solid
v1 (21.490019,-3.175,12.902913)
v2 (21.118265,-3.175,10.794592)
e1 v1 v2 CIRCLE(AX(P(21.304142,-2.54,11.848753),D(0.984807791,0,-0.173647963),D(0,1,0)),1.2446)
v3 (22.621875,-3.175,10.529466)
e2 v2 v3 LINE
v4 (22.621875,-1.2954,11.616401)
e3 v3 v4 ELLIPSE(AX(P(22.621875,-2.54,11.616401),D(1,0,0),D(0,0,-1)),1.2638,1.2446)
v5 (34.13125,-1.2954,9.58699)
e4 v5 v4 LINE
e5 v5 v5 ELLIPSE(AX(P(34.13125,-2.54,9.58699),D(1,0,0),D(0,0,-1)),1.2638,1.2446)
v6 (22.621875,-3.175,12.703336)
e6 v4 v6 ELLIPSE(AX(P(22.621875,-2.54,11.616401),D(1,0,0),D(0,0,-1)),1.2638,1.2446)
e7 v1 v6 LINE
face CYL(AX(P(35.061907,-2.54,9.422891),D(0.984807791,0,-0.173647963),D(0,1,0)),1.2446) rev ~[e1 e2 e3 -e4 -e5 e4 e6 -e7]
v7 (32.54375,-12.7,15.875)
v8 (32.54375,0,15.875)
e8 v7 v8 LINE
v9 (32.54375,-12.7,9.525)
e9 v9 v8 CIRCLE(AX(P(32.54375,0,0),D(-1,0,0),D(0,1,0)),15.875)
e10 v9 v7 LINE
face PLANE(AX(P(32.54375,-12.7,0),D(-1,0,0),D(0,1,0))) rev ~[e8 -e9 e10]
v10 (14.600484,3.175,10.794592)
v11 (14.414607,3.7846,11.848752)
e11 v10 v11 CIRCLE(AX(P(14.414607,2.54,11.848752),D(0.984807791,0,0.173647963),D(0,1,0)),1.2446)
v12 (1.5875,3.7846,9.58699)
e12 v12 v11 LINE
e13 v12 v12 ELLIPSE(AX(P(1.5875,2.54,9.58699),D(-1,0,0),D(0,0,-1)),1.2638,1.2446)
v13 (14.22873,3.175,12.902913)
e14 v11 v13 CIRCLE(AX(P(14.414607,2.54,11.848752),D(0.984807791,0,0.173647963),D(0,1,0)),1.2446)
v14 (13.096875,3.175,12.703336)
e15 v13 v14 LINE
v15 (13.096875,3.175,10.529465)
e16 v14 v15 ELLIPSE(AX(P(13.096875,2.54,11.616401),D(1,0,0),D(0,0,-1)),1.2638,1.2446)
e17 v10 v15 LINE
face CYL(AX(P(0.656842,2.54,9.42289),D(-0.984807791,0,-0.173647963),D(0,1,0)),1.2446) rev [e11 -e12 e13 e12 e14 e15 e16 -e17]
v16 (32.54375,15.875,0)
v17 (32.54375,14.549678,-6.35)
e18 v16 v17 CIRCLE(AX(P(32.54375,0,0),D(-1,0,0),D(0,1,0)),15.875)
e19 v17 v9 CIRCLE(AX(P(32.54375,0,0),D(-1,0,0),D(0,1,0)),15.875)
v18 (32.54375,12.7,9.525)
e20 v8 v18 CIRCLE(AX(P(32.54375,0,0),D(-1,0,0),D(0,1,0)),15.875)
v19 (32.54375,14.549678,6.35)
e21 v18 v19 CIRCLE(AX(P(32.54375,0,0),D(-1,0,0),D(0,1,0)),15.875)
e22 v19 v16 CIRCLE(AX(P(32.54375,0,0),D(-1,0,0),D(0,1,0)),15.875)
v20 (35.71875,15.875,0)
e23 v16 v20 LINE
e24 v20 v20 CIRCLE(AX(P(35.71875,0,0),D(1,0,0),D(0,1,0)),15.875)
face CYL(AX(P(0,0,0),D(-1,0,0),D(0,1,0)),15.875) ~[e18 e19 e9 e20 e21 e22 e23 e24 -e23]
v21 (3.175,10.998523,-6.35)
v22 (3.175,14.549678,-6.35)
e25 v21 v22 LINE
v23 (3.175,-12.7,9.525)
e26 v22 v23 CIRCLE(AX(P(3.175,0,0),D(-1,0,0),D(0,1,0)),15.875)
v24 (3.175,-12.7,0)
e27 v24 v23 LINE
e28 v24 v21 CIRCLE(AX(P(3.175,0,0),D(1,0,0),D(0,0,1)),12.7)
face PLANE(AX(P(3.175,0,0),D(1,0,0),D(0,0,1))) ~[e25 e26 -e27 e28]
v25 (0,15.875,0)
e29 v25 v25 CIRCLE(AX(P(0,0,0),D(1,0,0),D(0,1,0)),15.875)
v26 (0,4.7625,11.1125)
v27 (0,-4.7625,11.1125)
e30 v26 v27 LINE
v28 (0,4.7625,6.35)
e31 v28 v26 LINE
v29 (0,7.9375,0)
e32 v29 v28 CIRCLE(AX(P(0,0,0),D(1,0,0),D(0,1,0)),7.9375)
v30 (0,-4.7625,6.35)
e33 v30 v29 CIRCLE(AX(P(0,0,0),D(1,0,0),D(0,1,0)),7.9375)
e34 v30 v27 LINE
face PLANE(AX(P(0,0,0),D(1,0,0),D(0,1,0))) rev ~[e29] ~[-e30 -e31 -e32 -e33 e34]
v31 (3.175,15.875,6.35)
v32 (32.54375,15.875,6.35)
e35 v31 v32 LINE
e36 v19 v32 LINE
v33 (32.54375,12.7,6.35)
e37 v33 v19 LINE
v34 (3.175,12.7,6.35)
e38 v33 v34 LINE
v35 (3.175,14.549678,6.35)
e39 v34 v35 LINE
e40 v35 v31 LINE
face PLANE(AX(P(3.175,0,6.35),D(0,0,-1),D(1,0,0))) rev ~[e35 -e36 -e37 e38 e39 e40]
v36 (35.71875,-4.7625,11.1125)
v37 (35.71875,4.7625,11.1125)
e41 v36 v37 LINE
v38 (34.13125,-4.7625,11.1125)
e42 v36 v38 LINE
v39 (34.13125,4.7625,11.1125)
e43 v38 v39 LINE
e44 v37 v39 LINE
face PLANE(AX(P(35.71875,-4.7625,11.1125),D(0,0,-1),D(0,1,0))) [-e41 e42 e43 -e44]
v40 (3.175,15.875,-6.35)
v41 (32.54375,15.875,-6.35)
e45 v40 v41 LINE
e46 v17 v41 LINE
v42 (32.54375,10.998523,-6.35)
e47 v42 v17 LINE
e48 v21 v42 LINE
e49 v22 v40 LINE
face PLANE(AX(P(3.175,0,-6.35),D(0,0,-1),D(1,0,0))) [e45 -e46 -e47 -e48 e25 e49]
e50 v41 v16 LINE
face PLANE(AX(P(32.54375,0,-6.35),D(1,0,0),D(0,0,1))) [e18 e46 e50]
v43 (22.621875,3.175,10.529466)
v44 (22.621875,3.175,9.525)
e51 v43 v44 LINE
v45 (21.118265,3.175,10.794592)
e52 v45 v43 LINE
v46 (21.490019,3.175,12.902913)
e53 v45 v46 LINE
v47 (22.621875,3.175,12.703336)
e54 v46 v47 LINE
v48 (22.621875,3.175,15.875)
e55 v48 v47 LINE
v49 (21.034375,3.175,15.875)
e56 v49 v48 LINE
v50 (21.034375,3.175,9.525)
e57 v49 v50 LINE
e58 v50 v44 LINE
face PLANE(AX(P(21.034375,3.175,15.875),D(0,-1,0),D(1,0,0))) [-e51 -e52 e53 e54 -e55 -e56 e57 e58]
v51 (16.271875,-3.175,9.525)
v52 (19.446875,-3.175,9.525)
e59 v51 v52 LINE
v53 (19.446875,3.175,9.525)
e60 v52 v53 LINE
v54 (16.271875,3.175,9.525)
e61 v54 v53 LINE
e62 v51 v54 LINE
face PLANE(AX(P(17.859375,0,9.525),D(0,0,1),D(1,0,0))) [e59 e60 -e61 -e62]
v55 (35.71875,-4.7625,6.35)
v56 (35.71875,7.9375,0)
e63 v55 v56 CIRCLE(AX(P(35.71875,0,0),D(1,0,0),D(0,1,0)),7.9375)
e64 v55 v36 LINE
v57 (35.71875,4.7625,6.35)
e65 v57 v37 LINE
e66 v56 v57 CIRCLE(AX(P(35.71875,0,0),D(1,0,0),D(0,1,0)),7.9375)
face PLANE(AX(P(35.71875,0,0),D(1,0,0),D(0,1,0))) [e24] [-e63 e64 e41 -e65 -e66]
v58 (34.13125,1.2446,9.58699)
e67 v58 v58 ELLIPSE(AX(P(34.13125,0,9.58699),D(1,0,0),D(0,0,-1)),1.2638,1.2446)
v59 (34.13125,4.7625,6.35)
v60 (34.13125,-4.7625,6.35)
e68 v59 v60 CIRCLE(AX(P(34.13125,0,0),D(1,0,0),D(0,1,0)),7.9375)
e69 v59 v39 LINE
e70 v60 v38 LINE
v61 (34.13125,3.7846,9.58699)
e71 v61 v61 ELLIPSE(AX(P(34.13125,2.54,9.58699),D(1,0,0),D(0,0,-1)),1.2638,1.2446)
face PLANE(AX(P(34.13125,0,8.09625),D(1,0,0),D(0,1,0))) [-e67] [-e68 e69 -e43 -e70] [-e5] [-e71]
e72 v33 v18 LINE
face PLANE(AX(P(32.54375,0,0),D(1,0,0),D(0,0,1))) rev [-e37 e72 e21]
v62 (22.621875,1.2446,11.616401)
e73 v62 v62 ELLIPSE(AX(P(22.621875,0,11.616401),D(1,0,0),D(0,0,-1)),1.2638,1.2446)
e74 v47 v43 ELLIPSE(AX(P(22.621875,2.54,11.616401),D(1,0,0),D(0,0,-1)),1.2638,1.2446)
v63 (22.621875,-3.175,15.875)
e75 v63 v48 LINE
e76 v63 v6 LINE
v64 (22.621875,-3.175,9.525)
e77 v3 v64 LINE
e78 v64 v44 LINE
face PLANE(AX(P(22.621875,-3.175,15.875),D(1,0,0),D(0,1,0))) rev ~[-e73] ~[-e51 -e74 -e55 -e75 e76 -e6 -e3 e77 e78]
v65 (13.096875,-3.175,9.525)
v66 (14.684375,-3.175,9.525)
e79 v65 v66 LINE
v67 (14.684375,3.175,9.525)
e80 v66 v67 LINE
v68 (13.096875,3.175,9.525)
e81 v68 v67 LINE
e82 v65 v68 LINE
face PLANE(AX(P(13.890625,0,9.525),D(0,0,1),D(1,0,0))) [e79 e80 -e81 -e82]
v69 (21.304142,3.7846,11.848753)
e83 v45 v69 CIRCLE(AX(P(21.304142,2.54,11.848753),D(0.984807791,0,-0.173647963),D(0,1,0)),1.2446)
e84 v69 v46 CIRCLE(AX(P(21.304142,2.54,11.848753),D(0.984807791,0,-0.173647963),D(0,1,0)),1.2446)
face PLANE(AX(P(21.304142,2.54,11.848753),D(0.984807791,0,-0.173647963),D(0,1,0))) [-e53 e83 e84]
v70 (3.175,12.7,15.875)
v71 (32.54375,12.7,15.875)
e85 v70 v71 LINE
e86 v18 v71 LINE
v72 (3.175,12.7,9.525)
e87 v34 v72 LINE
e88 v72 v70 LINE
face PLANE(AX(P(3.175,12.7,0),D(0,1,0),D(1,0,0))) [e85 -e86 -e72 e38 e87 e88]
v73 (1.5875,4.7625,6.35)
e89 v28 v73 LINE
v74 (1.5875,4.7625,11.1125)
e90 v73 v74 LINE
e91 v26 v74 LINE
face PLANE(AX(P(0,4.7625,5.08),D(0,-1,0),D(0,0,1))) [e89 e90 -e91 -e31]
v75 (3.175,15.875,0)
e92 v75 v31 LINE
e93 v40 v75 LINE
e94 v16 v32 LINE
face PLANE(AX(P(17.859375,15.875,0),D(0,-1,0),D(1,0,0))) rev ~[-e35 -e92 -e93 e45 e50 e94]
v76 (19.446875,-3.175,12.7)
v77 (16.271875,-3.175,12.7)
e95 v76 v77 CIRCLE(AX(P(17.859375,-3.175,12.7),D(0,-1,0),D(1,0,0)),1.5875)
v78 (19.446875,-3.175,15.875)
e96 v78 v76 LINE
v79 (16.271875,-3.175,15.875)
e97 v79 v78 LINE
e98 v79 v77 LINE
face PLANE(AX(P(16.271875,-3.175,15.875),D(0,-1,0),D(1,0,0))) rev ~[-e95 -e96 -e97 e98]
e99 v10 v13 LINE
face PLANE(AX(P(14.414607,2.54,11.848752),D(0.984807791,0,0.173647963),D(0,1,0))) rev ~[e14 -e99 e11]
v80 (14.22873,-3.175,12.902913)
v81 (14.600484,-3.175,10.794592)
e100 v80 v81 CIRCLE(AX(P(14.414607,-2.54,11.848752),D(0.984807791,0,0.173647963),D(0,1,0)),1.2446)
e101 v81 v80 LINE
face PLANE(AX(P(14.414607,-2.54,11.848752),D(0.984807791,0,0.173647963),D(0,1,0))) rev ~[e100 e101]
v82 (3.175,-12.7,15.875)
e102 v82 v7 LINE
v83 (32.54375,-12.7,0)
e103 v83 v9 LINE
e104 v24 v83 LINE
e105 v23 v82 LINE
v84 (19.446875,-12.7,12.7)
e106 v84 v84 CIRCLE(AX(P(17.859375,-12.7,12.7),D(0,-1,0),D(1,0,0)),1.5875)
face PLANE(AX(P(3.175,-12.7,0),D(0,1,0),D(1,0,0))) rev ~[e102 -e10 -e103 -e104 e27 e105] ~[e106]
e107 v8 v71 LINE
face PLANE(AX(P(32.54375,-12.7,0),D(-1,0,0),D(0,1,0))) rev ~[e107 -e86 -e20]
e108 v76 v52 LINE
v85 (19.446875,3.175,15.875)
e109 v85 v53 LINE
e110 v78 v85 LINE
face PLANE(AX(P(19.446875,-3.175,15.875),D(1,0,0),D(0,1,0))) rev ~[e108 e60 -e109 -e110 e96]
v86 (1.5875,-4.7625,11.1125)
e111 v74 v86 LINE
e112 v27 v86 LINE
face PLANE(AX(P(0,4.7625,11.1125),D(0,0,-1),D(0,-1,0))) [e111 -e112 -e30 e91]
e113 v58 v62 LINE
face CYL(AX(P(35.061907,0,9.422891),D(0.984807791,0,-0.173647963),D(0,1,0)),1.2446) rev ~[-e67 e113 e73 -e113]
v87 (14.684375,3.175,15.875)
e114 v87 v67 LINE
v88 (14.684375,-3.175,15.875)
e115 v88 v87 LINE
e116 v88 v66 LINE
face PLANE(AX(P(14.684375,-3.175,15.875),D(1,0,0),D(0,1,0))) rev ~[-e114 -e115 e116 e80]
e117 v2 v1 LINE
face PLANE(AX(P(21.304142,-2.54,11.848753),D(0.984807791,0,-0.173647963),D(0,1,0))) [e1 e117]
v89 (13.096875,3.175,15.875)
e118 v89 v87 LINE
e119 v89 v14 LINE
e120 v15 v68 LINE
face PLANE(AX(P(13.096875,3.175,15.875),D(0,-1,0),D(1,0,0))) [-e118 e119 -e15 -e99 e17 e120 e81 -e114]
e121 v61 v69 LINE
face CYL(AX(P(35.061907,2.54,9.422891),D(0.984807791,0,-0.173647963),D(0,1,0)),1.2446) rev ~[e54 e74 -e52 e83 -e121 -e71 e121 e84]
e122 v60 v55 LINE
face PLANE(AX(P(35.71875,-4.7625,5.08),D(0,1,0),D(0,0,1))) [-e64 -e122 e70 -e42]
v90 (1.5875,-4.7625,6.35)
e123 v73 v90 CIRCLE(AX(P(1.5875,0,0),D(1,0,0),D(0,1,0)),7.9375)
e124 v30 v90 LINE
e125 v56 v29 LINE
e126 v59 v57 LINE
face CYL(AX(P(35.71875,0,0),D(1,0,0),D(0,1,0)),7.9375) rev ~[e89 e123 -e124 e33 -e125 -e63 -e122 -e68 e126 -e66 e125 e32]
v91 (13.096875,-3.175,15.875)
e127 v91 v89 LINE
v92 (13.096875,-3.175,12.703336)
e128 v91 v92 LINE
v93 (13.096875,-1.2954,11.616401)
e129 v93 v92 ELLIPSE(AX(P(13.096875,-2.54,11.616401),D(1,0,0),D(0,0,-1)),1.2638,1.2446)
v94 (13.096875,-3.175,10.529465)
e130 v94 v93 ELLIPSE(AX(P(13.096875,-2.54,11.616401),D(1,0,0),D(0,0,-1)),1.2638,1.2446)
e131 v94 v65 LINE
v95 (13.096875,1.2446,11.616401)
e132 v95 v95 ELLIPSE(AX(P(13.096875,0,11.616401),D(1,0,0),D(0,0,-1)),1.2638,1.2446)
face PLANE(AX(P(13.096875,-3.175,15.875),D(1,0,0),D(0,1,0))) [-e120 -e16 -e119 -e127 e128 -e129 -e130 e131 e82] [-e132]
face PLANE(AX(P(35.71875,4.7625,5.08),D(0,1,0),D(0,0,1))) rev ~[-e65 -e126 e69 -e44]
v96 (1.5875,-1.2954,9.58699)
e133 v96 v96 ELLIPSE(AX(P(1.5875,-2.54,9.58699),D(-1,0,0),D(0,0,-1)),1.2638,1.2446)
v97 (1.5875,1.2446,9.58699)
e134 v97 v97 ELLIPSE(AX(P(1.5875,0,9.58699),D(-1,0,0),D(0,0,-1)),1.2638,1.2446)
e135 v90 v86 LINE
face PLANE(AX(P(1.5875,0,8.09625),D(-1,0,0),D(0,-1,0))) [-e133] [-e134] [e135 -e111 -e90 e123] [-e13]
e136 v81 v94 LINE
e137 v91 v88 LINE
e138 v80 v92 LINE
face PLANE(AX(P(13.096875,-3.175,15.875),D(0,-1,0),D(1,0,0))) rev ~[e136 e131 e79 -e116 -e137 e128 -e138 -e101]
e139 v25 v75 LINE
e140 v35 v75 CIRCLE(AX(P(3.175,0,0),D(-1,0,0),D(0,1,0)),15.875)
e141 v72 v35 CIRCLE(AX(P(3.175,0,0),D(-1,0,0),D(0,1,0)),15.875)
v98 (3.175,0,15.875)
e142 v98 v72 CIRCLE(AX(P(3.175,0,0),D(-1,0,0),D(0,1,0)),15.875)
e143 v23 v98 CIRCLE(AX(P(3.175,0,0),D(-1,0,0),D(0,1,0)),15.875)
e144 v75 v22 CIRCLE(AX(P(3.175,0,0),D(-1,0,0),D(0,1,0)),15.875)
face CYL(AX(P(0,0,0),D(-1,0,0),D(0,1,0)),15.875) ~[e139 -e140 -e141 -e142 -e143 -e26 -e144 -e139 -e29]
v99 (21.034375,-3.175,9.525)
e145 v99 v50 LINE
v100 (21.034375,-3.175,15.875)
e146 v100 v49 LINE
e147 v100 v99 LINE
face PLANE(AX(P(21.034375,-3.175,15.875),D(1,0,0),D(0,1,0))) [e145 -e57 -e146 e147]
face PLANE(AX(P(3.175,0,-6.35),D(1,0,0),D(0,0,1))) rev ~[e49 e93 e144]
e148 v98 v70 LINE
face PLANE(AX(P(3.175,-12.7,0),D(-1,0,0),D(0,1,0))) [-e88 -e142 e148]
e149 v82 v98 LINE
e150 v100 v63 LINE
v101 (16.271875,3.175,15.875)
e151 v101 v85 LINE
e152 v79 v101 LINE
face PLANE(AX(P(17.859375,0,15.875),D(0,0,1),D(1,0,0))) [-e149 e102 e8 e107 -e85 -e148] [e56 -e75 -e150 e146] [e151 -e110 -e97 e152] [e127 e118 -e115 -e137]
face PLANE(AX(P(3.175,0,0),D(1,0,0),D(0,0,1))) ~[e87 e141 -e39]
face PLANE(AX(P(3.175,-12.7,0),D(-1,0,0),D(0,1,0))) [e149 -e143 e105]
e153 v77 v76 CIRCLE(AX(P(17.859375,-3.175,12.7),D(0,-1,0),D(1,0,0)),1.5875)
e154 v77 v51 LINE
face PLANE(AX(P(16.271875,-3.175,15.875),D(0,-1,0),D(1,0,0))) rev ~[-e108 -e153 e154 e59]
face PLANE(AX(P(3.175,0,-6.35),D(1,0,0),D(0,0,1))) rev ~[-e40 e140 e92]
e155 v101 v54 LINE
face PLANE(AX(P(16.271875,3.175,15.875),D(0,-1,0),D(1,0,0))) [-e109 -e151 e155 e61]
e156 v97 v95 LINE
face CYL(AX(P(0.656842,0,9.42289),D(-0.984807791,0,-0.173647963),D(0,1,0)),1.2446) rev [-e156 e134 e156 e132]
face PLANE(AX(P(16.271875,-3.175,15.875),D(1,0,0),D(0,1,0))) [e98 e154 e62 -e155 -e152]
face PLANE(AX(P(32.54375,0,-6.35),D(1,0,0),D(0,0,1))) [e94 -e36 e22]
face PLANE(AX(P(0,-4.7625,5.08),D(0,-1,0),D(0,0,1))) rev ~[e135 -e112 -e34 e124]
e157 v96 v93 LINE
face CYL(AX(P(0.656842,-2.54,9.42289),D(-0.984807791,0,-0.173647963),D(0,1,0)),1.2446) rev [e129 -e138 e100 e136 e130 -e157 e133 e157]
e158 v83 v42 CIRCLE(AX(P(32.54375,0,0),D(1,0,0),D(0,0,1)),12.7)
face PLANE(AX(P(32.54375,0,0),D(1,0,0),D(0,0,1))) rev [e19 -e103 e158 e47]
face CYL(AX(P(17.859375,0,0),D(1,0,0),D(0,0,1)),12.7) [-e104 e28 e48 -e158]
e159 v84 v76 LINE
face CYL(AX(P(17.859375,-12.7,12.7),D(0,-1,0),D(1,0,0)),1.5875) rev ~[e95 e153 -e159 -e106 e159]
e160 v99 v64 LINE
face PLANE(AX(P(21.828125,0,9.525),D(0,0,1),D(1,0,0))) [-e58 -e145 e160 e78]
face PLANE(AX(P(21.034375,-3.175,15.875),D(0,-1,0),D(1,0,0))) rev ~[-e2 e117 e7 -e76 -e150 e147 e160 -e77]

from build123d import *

# Parameters (mm, degrees)
F0_R      = 15.875
F1_DEPTH  = 35.71875
F2_W      = 29.36875
F2_H      = 3.175
F4_W      = 29.36875
F4_H      = 25.4
F5_DEPTH  = 15.875
F6_W      = 29.36875
F6_H      = 12.7
F7_DEPTH  = 15.875
F8_R      = 7.9375
F9_DEPTH  = 35.71975
F10_W     = 1.5875
F10_H     = 6.35
F10_W_2   = 3.175
F11_DEPTH = 6.35
F12_R     = 1.5875
F13_DEPTH = 12.7
F15_W     = 9.525
F15_H     = 6.0325
F16_DEPTH = 1.5875
F17_W     = 9.525
F17_H     = 6.0325
F18_DEPTH = 1.5875
F22_R     = 1.2446
F23_DEPTH = 13.97
F27_R     = 1.2446
F28_DEPTH = 13.97


with BuildPart() as f1:
    # F0 (on Right) → F1 (new body)
    with BuildSketch(Plane.YZ):
        Circle(F0_R)
    extrude(amount=F1_DEPTH)

    # F2 (on Front) → F3 (revolve, cut)
    with BuildSketch(Plane.XZ):
        with Locations((17.859375, 14.2875)):
            Rectangle(F2_W, F2_H)
    revolve(axis=Axis((19.161431, 0, 0), (1, 0, 0)), mode=Mode.SUBTRACT)

    # F4 (on Top) → F5 (join)
    with BuildSketch(Plane.XY):
        with Locations((17.859375, 0)):
            Rectangle(F4_W, F4_H)
    extrude(amount=F5_DEPTH)

    # F6 (on Front) → F7 (join)
    with BuildSketch(Plane.XZ):
        with Locations((17.859375, 0)):
            Rectangle(F6_W, F6_H)
    extrude(amount=-F7_DEPTH)

    # F8 (on face) → F9 (cut, through all)
    with BuildSketch(Plane.YZ.offset(35.71875)):
        Circle(F8_R)
    extrude(amount=-F9_DEPTH, mode=Mode.SUBTRACT)

    # F10 (on face) → F11 (cut)
    with BuildSketch(Plane.XY.offset(15.875)):
        with Locations((13.890625, 0)):
            Rectangle(F10_W, F10_H)
        with Locations((17.859375, 0)):
            Rectangle(F10_W_2, F10_H)
        with Locations((21.828125, 0)):
            Rectangle(F10_W, F10_H)
    extrude(amount=-F11_DEPTH, mode=Mode.SUBTRACT)

    # F12 (on face) → F13 (cut)
    with BuildSketch(Plane.XZ.offset(12.7)):
        with Locations((17.859375, 12.7)):
            Circle(F12_R)
    extrude(amount=-F13_DEPTH, mode=Mode.SUBTRACT)

    # F15 (on face) → F16 (cut)
    with BuildSketch(Plane.YZ.offset(35.71875)):
        with Locations((0, 8.09625)):
            Rectangle(F15_W, F15_H)
    extrude(amount=-F16_DEPTH, mode=Mode.SUBTRACT)

    # F17 (on face) → F18 (cut)
    with BuildSketch(Plane(origin=(0, 0, 0), x_dir=(0, -1, 0), z_dir=(-1, 0, 0))):
        with Locations((0, 8.09625)):
            Rectangle(F17_W, F17_H)
    extrude(amount=-F18_DEPTH, mode=Mode.SUBTRACT)

    # F22 (on face) → F23 (cut)
    with BuildSketch(Plane(origin=(32.393255, 0, -5.711805), x_dir=(0, 1, 0), z_dir=(0.984808, 0, -0.173648))):
        with Locations((2.54, 15.368172)):
            Circle(F22_R)
        with Locations((0, 15.368172)):
            Circle(F22_R)
        with Locations((-2.54, 15.368172)):
            Circle(F22_R)
    extrude(amount=-F23_DEPTH, mode=Mode.SUBTRACT)

    # F27 (on face) → F28 (cut)
    with BuildSketch(Plane(origin=(2.248443, 0, 0.396461), x_dir=(0, 1, 0), z_dir=(0.984808, 0, 0.173648))):
        with Locations((2.54, 9.165676)):
            Circle(F27_R)
        with Locations((-2.54, 9.165676)):
            Circle(F27_R)
        with Locations((0, 9.165676)):
            Circle(F27_R)
    extrude(amount=F28_DEPTH, mode=Mode.SUBTRACT)


solid = f1.part
